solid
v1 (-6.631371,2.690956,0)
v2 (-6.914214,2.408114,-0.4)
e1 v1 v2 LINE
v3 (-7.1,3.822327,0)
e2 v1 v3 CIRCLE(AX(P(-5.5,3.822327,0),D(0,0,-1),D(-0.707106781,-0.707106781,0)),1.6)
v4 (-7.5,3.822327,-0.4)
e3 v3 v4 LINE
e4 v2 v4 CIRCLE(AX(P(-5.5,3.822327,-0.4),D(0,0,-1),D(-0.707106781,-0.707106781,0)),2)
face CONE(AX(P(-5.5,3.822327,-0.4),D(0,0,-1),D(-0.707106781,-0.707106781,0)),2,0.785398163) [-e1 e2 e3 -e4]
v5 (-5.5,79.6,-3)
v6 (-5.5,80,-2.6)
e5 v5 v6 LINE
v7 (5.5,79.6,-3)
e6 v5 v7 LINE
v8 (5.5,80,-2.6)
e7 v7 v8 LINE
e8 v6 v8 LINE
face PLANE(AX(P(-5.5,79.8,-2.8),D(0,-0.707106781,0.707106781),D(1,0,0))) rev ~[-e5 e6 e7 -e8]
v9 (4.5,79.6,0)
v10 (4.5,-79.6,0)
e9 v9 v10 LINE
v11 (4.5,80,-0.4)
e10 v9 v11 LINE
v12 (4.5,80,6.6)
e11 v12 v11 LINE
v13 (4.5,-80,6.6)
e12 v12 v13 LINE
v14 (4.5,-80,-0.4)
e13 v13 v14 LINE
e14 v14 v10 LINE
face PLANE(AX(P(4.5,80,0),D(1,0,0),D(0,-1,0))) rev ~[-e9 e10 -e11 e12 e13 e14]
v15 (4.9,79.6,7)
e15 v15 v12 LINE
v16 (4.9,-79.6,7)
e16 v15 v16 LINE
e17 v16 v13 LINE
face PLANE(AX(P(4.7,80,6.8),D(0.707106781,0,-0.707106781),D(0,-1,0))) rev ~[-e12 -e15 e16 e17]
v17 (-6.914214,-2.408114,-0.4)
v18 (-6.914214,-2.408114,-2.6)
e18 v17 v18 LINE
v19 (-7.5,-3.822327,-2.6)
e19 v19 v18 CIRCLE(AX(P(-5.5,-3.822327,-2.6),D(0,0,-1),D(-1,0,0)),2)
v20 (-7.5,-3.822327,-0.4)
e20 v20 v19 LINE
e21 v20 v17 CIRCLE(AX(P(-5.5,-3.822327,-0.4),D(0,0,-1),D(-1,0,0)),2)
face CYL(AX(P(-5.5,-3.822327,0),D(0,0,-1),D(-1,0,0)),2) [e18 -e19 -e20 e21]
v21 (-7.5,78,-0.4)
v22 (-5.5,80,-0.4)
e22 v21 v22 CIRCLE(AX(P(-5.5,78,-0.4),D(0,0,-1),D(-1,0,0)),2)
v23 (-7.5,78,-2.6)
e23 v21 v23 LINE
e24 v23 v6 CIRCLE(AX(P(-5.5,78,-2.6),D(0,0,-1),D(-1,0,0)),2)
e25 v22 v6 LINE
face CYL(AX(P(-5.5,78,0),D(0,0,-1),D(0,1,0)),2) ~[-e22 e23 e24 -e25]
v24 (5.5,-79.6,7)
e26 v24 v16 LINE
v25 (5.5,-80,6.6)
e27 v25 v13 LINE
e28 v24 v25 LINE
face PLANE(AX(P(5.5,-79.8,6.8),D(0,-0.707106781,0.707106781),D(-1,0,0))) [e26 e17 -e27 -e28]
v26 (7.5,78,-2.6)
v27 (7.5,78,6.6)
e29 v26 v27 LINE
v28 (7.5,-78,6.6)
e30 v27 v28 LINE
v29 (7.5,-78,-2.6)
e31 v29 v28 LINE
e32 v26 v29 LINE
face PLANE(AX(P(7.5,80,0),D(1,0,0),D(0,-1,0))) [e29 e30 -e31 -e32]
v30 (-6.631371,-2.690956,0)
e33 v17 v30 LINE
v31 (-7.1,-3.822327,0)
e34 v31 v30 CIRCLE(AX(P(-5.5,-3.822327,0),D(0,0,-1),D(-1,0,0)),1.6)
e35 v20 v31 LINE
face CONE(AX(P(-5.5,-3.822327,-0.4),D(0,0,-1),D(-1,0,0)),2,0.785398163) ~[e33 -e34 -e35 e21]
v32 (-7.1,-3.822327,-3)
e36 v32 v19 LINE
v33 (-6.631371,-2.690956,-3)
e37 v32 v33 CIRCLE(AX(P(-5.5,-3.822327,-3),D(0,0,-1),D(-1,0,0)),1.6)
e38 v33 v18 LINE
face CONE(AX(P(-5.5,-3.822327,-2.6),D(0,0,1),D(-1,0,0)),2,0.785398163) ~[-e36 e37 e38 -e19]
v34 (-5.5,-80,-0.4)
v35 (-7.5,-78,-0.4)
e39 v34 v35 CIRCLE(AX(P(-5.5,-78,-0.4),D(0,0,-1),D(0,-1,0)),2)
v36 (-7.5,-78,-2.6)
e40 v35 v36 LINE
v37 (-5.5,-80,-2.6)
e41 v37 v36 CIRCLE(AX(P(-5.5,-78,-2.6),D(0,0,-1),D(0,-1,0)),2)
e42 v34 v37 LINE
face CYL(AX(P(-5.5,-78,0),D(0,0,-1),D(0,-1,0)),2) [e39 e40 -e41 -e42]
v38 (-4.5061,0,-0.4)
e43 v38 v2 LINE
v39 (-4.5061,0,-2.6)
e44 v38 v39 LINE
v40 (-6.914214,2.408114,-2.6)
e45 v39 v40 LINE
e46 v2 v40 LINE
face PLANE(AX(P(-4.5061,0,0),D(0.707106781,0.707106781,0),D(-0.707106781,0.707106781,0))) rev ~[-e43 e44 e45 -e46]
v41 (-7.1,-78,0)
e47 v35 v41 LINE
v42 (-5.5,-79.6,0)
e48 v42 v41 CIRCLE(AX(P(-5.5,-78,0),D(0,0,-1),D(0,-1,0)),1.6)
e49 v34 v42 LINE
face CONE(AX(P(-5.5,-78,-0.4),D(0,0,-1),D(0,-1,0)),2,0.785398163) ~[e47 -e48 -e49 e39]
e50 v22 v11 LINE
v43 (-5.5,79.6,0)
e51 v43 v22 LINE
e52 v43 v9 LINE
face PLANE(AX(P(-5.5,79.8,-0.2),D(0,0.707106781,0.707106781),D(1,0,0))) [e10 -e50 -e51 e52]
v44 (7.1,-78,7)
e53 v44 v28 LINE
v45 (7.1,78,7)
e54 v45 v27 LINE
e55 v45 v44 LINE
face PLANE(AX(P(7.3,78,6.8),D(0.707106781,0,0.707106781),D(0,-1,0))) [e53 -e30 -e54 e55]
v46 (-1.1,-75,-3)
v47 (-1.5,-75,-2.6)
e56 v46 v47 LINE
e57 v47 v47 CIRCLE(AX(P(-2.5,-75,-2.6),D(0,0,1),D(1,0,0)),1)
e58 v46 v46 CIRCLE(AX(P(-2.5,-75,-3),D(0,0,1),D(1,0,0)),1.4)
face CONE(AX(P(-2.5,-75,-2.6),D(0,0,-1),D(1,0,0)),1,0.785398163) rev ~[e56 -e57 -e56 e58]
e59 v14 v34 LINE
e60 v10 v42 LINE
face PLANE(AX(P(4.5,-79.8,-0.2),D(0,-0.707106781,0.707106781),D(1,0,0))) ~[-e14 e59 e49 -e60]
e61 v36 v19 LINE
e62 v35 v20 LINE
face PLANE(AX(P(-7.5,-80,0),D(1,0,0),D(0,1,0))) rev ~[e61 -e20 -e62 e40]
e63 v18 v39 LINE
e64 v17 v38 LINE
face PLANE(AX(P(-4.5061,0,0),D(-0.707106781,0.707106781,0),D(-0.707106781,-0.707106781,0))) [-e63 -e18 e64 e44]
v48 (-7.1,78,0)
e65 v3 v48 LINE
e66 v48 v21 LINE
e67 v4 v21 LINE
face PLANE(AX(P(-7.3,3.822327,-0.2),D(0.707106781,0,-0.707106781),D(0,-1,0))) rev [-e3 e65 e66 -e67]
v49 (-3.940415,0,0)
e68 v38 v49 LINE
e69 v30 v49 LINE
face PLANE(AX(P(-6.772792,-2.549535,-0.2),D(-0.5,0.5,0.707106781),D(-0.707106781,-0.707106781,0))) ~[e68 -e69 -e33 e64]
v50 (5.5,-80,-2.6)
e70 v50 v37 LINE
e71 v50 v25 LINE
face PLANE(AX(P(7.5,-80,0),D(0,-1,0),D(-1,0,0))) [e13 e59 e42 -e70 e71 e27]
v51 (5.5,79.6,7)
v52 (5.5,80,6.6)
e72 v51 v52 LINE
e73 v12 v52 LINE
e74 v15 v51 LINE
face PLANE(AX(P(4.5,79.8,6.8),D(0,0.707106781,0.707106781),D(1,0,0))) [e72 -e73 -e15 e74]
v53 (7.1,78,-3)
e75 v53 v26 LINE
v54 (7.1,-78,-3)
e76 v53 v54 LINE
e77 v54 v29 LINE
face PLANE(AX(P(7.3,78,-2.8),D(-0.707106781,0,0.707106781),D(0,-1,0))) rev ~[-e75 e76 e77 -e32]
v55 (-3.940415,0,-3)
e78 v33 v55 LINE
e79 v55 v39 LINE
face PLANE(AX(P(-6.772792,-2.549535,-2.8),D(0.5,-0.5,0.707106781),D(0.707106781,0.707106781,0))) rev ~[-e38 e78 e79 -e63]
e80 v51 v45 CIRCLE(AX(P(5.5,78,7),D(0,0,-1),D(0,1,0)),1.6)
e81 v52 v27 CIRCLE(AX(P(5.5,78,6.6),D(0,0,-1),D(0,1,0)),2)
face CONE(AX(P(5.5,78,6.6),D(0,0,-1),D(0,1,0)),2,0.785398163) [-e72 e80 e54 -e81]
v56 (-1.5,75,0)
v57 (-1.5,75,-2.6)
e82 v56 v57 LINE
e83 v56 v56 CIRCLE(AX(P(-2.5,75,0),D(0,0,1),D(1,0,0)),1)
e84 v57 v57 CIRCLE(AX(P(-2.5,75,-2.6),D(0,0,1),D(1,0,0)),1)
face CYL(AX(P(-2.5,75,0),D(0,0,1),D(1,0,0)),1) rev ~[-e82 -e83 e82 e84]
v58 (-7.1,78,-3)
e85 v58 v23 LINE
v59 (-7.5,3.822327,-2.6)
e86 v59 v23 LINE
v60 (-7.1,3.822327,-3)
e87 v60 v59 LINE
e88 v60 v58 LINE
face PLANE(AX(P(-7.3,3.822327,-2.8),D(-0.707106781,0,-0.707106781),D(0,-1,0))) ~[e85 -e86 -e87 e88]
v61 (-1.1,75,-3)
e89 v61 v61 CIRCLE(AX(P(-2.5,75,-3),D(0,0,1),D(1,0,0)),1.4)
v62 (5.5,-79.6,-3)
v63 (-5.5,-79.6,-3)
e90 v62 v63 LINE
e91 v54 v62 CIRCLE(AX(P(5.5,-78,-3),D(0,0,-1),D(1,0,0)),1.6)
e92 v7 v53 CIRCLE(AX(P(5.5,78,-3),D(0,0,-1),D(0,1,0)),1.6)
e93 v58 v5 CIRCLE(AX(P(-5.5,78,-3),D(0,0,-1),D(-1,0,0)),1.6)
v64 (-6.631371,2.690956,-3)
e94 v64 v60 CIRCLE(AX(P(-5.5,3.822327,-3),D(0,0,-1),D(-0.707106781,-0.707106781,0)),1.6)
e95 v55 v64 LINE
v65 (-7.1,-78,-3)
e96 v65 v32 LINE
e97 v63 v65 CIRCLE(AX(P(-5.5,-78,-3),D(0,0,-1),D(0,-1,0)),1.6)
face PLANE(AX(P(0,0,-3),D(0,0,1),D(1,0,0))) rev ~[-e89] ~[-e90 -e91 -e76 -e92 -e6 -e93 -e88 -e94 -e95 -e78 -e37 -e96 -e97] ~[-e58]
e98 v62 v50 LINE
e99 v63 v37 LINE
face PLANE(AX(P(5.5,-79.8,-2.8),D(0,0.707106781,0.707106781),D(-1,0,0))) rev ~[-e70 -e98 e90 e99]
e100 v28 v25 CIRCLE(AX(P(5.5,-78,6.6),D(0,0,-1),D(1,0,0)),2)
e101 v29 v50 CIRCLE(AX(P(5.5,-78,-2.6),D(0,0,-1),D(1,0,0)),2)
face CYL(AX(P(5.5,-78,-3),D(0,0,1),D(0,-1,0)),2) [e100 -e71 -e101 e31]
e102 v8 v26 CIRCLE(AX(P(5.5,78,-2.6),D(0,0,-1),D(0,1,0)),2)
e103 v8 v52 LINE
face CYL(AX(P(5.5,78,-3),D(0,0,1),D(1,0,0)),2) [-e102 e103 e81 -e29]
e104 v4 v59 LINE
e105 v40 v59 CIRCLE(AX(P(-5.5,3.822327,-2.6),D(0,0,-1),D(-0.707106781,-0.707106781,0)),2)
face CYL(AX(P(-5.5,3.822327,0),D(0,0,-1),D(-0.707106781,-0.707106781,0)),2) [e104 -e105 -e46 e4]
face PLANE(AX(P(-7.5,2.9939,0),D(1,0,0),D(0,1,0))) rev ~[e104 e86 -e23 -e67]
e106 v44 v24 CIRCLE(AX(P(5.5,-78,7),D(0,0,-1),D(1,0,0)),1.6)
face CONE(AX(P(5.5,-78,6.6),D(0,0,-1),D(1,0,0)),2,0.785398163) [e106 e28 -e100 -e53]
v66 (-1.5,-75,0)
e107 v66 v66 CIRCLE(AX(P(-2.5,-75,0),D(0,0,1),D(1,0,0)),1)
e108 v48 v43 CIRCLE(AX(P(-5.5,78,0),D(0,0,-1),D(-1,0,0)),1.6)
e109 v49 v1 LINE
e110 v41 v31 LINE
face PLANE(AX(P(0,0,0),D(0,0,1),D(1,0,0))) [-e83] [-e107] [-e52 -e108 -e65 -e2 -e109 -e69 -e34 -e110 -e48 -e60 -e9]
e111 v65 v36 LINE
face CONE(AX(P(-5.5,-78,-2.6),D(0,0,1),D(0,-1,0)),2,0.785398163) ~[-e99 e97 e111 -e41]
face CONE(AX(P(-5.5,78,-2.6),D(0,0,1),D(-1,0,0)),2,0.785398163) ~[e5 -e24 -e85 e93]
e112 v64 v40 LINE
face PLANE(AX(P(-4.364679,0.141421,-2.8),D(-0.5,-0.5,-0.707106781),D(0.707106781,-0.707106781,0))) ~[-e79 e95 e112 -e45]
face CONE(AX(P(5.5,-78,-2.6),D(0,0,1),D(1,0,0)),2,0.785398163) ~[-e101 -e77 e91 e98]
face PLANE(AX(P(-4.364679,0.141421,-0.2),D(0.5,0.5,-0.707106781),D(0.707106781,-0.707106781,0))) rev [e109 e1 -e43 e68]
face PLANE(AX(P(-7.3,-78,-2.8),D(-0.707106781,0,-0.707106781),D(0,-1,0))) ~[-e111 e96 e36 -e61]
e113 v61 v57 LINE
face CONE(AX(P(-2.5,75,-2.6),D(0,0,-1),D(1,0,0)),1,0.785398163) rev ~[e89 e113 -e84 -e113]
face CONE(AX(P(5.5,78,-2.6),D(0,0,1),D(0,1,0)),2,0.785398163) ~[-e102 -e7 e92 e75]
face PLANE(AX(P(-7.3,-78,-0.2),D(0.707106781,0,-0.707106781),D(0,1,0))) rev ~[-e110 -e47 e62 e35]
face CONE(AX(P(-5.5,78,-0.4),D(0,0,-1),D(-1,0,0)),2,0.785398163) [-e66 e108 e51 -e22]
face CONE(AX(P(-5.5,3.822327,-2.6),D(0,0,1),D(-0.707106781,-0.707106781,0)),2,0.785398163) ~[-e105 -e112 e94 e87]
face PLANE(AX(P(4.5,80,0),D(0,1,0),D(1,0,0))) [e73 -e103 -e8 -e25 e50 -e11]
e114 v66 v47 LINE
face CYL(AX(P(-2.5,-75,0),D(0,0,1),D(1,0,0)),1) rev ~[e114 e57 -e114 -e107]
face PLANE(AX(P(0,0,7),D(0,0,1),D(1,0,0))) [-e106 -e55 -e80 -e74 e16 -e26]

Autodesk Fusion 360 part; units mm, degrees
sketch "Sketch1" plane through (0, 0, 0) normal (0, 0, 1) x (1, 0, 0) in component "bed_hole_marking_template_x1_Rev2"
  line L0 (7.5, -80) -> (-7.5, -80)
  line L1 (-7.5, -80) -> (-7.5, 80)
  line L2 (-7.5, 80) -> (7.5, 80)
  line L3 (7.5, 80) -> (7.5, -80)
  line L4 (7.5, -80) -> (-7.5, 80) construction
  line L5 (-7.5, -80) -> (7.5, 80) construction
  line L6 (-4.5, -0.0061) -> (-7.5, 2.9939)
  line L7 (0, 0) -> (-10, 0) construction
  circle A0 centre (-2.5, 75) radius 1
  line L8 (-4.5, 0.0061) -> (-7.5, -2.9939)
  line L9 (4.5, 80) -> (4.5, -80)
  circle A1 centre (-2.5, -75) radius 1
  point P0 (-2.5, -75)
  dimension "d1" = 15
  dimension "d2" = 160
  dimension "d3" = 135
  dimension "d4" = 2
  dimension "d5" = 5
  dimension "d6" = 5
  dimension "d7" = 4.5
  dimension "d8" = 3
extrude "Extrude1" add sketch "Sketch1" against normal blind 3 contours L0 L2 L3 L9 | L0 L1 L2 L6 L8 L9 in component "bed_hole_marking_template_x1_Rev2"
extrude "Extrude2" add sketch "Sketch1" along normal blind 7 contours L0 L2 L3 L9 in component "bed_hole_marking_template_x1_Rev2"
fillet "Fillet1" radius 2 6 edges at (-7.5, 80, -1.5) (7.5, 80, 2) (-7.5, -80, -1.5) (7.5, -80, 2) (-7.5, 2.9939, -1.5) (-7.5, -2.9939, -1.5) in component "bed_hole_marking_template_x1_Rev2"
chamfer "Chamfer1" distance 0.4 angle 45 31 edges at (7.5, 0, 7) (6.9142, -79.4142, 7) (5, -80, 7) (5, 80, 7) (6.9142, 79.4142, 7) (4.5, 0, 7) (-0.5, -80, 0) (-6.9142, -79.4142, 0) (-7.5, -40.9112, 0) (-7.3478, -3.057, 0) (-5.7101, -1.2041, 0) (-7.5, 40.9112, 0) (-7.3478, 3.057, 0) (-5.7101, 1.2041, 0) (-0.5, 80, 0) (-6.9142, 79.4142, 0) (0, 80, -3) (-6.9142, 79.4142, -3) (-7.5, 40.9112, -3) (-7.3478, 3.057, -3) (-5.7101, 1.2041, -3) (-5.7101, -1.2041, -3) (-7.3478, -3.057, -3) (-7.5, -40.9112, -3) (-6.9142, -79.4142, -3) (0, -80, -3) (6.9142, -79.4142, -3) (7.5, 0, -3) (6.9142, 79.4142, -3) (-3.4323, 74.6384, -3) (-3.4323, -75.3616, -3) in component "bed_hole_marking_template_x1_Rev2"
component "bed_hole_marking_template_x1_Rev2" placed x (1, 0, 0) y (0, 1, 0) z (0, 0, 1) at (0, 0, 0)
